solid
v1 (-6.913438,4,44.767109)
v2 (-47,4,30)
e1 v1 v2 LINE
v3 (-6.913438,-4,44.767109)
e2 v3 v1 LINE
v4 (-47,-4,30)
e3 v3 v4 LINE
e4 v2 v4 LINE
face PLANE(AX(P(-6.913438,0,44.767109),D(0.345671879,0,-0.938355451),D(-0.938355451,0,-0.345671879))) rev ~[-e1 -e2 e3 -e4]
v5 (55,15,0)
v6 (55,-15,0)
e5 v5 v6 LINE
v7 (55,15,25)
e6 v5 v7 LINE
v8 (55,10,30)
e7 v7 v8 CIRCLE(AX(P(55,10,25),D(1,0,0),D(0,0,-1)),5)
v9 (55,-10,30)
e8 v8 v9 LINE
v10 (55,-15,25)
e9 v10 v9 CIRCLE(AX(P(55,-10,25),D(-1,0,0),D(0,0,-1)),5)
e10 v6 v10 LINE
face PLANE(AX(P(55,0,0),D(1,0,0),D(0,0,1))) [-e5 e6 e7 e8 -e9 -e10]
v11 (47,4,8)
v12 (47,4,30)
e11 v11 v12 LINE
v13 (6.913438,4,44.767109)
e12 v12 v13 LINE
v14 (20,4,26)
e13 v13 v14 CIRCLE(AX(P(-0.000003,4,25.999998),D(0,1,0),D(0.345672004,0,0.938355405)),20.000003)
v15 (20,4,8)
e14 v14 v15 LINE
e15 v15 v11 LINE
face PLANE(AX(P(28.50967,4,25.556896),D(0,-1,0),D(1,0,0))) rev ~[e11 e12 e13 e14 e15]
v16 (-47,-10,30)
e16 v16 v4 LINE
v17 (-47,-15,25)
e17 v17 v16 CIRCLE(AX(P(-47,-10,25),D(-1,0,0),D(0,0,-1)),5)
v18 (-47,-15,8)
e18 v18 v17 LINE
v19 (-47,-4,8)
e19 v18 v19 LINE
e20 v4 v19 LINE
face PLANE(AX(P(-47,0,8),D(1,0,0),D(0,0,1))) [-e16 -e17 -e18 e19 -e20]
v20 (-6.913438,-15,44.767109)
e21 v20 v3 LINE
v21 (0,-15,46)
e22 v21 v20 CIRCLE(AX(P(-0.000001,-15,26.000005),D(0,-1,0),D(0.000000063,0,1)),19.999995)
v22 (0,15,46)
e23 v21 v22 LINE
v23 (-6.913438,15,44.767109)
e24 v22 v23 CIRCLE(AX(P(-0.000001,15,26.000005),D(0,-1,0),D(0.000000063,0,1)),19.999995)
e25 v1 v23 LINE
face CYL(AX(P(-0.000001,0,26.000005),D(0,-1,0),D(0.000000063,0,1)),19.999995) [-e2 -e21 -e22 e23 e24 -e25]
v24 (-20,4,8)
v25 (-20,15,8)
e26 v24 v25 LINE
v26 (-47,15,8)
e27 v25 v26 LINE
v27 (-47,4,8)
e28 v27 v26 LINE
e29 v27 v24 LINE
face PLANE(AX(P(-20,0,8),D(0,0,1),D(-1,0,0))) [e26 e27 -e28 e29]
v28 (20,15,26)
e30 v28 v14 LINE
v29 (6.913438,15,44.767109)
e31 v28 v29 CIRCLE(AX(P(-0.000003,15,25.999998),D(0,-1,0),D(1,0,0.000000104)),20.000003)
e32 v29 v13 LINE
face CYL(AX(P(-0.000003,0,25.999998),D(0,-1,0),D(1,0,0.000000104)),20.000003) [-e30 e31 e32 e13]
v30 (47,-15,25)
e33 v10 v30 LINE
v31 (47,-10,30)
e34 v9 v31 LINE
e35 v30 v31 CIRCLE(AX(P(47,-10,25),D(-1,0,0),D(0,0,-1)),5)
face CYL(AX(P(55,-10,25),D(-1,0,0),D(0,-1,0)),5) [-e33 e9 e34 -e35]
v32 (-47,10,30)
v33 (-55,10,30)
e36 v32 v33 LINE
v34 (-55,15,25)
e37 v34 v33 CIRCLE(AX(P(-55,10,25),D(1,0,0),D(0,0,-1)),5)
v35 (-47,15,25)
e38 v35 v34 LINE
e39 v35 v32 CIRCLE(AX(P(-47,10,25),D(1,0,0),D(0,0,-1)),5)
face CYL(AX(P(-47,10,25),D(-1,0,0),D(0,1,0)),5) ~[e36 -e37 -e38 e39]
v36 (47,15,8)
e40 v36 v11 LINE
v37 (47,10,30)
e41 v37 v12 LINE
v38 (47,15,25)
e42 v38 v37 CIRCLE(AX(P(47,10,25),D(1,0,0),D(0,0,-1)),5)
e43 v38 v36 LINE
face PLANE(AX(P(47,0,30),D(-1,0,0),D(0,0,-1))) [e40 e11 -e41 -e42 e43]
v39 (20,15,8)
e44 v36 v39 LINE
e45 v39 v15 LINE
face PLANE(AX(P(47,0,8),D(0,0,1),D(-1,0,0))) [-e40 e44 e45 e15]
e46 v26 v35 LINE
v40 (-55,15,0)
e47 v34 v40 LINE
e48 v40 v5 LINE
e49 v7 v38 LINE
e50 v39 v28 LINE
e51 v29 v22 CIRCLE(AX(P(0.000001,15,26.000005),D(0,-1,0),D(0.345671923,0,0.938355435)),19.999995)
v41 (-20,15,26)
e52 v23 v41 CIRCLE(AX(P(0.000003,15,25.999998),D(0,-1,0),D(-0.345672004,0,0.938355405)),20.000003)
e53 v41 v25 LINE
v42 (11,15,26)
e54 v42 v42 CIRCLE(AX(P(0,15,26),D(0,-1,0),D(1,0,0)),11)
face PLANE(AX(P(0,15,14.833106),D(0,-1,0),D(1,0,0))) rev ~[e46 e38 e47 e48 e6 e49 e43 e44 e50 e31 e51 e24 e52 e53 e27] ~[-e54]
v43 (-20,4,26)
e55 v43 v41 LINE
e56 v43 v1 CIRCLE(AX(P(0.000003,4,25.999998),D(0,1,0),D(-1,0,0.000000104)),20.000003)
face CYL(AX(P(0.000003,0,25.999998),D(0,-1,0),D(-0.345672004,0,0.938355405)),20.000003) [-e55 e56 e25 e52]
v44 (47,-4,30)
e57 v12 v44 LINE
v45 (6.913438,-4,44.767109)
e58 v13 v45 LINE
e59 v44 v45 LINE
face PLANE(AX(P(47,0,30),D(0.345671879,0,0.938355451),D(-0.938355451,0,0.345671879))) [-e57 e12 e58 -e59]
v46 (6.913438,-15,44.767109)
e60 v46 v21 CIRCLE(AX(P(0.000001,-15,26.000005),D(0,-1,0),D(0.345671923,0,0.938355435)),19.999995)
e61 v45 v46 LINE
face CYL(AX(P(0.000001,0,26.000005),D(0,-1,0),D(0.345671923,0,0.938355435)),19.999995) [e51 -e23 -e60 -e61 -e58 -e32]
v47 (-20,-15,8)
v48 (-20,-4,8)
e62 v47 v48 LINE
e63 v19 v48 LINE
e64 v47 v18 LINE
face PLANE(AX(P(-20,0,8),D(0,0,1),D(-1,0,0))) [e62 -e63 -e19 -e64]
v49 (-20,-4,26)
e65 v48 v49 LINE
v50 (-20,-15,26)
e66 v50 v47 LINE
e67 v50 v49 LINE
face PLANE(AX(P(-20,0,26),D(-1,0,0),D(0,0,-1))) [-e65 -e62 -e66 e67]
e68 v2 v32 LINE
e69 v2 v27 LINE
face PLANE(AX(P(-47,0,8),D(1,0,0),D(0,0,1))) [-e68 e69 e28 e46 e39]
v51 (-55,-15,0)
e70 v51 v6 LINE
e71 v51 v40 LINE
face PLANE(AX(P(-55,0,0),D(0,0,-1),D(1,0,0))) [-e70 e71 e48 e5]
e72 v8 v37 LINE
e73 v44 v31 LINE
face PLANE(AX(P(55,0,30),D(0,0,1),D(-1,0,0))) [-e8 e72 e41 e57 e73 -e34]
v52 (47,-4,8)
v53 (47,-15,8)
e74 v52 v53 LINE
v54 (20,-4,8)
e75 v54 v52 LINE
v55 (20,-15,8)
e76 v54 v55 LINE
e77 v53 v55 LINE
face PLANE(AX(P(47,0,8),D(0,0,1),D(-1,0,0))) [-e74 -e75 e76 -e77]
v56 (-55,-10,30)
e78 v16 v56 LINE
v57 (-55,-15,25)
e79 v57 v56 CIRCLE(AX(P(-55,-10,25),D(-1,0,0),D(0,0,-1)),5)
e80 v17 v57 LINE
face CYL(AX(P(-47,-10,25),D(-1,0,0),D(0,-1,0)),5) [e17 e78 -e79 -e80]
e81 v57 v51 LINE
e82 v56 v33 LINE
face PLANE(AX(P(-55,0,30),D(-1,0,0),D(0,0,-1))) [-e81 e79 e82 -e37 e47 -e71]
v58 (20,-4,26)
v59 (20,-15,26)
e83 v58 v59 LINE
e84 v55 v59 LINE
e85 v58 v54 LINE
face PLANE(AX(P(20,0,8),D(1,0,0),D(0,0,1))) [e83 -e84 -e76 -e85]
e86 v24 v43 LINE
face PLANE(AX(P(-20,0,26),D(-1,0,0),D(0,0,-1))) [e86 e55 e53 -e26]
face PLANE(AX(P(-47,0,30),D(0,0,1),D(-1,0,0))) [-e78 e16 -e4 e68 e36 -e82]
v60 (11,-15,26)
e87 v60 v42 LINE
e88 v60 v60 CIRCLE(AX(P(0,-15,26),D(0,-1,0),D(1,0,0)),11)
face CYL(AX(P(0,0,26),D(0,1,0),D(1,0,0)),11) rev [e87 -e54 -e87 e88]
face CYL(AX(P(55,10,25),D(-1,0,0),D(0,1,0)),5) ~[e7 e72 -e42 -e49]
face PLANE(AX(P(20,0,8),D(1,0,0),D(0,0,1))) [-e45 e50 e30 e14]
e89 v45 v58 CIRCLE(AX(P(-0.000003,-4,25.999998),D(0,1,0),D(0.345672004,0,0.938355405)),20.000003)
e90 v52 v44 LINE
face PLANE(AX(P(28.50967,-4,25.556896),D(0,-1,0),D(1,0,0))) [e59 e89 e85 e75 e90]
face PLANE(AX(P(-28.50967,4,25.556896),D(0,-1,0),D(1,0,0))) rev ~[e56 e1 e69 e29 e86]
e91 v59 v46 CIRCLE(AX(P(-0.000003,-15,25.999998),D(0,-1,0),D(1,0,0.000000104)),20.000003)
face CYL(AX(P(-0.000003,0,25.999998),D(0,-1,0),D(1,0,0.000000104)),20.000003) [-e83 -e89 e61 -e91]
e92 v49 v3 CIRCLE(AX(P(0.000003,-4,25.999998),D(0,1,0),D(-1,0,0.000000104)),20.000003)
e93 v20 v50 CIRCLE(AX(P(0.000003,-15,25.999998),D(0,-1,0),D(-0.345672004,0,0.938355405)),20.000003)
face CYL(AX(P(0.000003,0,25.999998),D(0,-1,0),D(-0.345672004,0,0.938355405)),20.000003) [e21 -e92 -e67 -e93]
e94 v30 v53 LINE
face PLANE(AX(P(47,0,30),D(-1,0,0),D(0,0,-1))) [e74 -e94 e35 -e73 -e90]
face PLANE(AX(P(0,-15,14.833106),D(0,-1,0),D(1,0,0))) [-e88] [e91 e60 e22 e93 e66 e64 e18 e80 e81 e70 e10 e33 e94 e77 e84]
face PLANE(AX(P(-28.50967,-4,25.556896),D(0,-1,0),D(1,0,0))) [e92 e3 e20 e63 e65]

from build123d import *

# Parameters (mm, degrees)
F0_R     = 11
F1_DEPTH = 15
F2_DEPTH = 4
F3_R     = 5


with BuildPart() as f1:
    # F0 (on Front) → F1 (new body, symmetric)
    with BuildSketch(Plane.XZ):
        with BuildLine():
            Line((-55, 0), (0, 0))
            Line((0, 0), (55, 0))
            Line((55, 0), (55, 30))
            Line((55, 30), (47, 30))
            Line((47, 30), (47, 8))
            Line((47, 8), (20, 8))
            Line((20, 8), (20, 26))
            ThreePointArc((20, 26), (16.405315, 37.439651), (6.913438, 44.767109))
            ThreePointArc((6.913438, 44.767109), (3.511255, 45.689365), (0, 46))
            ThreePointArc((0, 46), (-3.511255, 45.689365), (-6.913438, 44.767109))
            ThreePointArc((-6.913438, 44.767109), (-16.405315, 37.439651), (-20, 26))
            Line((-20, 26), (-20, 8))
            Line((-20, 8), (-47, 8))
            Line((-47, 8), (-47, 30))
            Line((-47, 30), (-55, 30))
            Line((-55, 30), (-55, 0))
        make_face()
        with Locations((0, 26)):
            Circle(F0_R, mode=Mode.SUBTRACT)
    extrude(amount=F1_DEPTH, both=True)

    # F0 (on Front) → F2 (join, symmetric)
    with BuildSketch(Plane.XZ):
        with BuildLine():
            Line((-6.913438, 44.767109), (-47, 30))
            Line((-47, 30), (-47, 8))
            Line((-47, 8), (-20, 8))
            Line((-20, 8), (-20, 26))
            ThreePointArc((-20, 26), (-16.405315, 37.439651), (-6.913438, 44.767109))
        make_face()
        with BuildLine():
            Line((47, 8), (47, 30))
            Line((47, 30), (6.913438, 44.767109))
            ThreePointArc((6.913438, 44.767109), (16.405315, 37.439651), (20, 26))
            Line((20, 26), (20, 8))
            Line((20, 8), (47, 8))
        make_face()
    extrude(amount=F2_DEPTH, both=True)

    # F3
    f3_edges = [f1.edges().sort_by_distance(p)[0] for p in [
        (51, -15, 30),
        (-51, -15, 30),
        (-51, 15, 30),
        (51, 15, 30),
    ]]
    fillet(f3_edges, radius=F3_R)


solid = f1.part
